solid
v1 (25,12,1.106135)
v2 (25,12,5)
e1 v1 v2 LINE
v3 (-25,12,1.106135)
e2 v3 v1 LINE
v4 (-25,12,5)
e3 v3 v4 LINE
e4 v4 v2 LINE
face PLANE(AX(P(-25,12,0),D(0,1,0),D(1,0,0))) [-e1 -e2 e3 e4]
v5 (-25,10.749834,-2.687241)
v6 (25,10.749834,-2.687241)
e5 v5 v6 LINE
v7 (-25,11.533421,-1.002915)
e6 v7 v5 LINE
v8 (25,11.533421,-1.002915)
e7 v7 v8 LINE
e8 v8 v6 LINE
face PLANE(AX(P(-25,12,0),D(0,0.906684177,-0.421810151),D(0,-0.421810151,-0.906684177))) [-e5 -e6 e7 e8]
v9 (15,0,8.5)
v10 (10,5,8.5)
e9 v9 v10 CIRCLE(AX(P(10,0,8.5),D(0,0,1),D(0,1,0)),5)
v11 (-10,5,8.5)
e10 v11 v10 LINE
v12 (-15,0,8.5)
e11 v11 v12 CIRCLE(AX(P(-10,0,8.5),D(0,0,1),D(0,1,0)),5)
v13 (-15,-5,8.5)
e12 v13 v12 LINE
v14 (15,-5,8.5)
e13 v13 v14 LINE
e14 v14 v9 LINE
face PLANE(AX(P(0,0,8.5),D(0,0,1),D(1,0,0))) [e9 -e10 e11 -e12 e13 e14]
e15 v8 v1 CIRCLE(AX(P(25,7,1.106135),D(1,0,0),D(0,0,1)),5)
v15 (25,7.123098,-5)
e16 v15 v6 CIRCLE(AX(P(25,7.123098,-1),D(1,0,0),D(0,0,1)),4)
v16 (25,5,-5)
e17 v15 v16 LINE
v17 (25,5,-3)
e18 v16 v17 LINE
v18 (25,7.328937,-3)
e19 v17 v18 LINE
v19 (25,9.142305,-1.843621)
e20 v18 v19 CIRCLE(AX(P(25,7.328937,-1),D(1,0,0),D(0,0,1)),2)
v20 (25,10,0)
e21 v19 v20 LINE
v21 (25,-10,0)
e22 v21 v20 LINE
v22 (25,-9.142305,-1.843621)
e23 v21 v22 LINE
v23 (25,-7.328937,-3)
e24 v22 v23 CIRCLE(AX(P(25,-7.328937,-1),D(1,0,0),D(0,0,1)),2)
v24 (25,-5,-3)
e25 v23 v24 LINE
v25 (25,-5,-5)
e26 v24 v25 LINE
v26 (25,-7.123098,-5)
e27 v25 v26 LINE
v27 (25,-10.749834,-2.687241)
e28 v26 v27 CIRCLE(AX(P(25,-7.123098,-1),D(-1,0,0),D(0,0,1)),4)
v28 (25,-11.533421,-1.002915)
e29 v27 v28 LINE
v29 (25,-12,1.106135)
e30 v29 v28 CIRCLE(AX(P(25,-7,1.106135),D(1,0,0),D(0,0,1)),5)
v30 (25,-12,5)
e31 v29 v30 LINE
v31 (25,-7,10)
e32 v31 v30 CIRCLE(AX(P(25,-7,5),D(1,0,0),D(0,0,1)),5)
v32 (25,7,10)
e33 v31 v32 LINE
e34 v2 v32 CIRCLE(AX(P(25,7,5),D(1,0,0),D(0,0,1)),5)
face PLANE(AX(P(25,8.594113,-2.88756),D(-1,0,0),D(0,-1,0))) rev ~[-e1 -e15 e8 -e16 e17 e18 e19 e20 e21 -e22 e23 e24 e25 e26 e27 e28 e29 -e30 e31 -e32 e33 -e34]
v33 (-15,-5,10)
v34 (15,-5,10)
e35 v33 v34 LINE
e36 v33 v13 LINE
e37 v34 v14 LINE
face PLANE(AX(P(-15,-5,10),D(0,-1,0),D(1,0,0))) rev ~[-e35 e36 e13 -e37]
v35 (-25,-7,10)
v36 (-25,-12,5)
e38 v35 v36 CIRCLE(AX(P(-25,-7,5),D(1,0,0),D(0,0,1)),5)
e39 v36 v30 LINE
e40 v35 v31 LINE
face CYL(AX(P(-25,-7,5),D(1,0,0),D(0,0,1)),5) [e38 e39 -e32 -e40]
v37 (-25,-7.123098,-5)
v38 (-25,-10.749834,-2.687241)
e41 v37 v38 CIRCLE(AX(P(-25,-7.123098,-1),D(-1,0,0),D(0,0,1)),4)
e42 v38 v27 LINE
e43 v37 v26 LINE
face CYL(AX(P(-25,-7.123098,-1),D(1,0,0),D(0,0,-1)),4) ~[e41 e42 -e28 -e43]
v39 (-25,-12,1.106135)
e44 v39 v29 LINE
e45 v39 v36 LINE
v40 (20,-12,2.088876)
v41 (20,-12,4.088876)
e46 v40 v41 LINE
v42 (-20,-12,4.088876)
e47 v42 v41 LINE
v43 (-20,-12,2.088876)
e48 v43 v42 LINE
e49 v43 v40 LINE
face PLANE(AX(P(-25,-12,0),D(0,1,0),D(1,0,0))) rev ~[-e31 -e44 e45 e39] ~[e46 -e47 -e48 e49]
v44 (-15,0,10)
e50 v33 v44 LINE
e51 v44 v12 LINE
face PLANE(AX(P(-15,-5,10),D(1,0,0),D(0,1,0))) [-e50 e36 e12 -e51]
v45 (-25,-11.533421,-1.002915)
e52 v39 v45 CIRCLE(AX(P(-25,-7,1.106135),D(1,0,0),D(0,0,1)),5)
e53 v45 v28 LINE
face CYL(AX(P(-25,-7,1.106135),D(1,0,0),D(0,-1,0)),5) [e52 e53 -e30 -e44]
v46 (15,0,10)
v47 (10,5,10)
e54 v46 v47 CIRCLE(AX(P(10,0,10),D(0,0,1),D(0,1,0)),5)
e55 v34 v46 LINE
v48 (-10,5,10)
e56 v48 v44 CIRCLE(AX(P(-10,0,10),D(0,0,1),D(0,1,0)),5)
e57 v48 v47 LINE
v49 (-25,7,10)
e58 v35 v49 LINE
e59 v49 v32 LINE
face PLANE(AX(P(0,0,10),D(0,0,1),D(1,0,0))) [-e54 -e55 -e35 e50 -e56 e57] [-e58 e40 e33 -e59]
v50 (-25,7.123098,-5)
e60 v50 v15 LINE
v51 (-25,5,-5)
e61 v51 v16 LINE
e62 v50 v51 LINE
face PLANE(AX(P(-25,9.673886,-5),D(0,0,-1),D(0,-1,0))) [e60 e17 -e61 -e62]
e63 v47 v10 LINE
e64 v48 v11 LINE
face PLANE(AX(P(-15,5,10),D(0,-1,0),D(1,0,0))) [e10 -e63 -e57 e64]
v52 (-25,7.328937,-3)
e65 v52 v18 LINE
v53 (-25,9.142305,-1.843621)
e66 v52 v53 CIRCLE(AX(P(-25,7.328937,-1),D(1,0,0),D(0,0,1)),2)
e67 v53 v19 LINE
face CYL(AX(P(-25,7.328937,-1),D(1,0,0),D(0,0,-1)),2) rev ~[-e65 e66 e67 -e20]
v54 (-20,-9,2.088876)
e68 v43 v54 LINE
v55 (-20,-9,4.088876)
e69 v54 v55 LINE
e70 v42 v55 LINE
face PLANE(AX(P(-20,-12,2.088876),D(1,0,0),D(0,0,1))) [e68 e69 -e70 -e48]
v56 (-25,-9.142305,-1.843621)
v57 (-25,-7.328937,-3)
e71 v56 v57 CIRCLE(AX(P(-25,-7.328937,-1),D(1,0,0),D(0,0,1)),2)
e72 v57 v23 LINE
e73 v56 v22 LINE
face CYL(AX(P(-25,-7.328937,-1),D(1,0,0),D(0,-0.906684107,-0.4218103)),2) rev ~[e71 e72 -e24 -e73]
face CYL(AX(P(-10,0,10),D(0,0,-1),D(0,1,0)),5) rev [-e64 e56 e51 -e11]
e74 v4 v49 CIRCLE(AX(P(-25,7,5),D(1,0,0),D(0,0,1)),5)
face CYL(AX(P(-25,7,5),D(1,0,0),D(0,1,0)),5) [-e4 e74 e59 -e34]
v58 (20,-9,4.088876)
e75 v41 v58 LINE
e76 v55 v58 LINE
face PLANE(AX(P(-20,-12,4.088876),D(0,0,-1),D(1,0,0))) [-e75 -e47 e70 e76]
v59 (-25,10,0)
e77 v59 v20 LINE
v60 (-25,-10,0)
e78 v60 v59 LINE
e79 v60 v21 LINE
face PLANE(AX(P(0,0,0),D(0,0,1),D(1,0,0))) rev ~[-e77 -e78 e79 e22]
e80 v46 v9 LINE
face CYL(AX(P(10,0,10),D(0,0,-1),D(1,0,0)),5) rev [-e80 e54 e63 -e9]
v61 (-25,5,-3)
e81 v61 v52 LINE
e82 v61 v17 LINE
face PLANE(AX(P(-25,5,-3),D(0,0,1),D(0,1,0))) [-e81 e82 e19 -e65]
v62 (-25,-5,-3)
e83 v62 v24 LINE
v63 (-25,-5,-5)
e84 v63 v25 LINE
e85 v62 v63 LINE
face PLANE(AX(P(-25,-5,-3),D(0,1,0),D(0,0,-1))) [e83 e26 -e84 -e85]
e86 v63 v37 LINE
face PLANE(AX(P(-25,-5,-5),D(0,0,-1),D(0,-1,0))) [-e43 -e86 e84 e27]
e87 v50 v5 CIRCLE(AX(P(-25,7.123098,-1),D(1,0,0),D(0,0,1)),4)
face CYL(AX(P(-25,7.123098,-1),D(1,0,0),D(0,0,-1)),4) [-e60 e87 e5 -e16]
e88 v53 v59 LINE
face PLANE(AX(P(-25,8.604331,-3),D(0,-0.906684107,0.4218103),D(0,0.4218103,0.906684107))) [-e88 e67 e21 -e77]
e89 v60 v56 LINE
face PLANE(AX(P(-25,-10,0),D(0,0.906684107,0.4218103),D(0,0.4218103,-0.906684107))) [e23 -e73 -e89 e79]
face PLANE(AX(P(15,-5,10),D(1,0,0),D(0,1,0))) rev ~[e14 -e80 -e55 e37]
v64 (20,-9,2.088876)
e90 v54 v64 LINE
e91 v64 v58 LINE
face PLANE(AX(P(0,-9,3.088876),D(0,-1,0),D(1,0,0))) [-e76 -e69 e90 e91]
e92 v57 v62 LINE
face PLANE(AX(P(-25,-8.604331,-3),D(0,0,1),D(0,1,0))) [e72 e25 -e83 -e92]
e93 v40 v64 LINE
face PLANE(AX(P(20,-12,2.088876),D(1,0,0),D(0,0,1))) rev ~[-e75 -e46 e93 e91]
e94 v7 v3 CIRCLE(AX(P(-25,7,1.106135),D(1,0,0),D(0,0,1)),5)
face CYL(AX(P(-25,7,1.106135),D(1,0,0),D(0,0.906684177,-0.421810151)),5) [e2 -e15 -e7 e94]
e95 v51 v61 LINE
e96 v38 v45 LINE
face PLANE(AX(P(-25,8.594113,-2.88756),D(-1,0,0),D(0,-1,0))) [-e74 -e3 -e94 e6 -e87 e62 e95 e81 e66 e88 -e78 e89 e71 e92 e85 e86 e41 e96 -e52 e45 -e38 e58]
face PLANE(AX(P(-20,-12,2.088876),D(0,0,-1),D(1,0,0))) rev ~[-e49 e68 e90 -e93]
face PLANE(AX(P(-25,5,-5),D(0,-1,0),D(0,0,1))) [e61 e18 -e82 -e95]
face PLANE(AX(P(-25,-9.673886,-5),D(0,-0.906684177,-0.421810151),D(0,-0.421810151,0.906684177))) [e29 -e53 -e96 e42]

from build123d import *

# Parameters (mm, degrees)
F0_W      = 50
F0_H      = 24
F1_DEPTH  = 10
F3_DEPTH  = 50
F4_R      = 5
F5_R      = 2
F6_R      = 4
F7_W      = 40
F7_H      = 2
F8_DEPTH  = 3
F9_W      = 30
F9_H      = 10
F10_DEPTH = 1.5
F11_R     = 5


with BuildPart() as f1:
    # F0 (on Top) → F1 (new body)
    with BuildSketch(Plane.XY):
        Rectangle(F0_W, F0_H)
    extrude(amount=F1_DEPTH)

    # F2 (on face) → F3 (join, through all)
    with BuildSketch(Plane(origin=(-25, 0, 0), x_dir=(0, -1, 0), z_dir=(-1, 0, 0))):
        Polygon((-10, 0), (-12, 0), (-9.673886, -5), (-5, -5), (-5, -3), (-8.604331, -3), align=None)
        Polygon((12, 0), (10, 0), (8.604331, -3), (5, -3), (5, -5), (9.673886, -5), align=None)
    extrude(amount=-F3_DEPTH)

    # F4
    f4_edges = [f1.edges().sort_by_distance(p)[0] for p in [
        (0, 12, 10),
        (0, -12, 10),
        (0, 12, 0),
        (0, -12, 0),
    ]]
    fillet(f4_edges, radius=F4_R)

    # F5
    f5_edges = [f1.edges().sort_by_distance(p)[0] for p in [
        (0, 8.604331, -3),
        (0, -8.604331, -3),
    ]]
    fillet(f5_edges, radius=F5_R)

    # F6
    f6_edges = [f1.edges().sort_by_distance(p)[0] for p in [
        (0, 9.673886, -5),
        (0, -9.673886, -5),
    ]]
    fillet(f6_edges, radius=F6_R)

    # F7 (on face) → F8 (cut)
    with BuildSketch(Plane.XZ.offset(12)):
        with Locations((0, 3.088876)):
            Rectangle(F7_W, F7_H)
    extrude(amount=-F8_DEPTH, mode=Mode.SUBTRACT)

    # F9 (on face) → F10 (cut)
    with BuildSketch(Plane.XY.offset(10)):
        Rectangle(F9_W, F9_H)
    extrude(amount=-F10_DEPTH, mode=Mode.SUBTRACT)

    # F11
    f11_edges = [f1.edges().sort_by_distance(p)[0] for p in [
        (-15, 5, 9.25),
        (15, 5, 9.25),
    ]]
    fillet(f11_edges, radius=F11_R)


solid = f1.part
